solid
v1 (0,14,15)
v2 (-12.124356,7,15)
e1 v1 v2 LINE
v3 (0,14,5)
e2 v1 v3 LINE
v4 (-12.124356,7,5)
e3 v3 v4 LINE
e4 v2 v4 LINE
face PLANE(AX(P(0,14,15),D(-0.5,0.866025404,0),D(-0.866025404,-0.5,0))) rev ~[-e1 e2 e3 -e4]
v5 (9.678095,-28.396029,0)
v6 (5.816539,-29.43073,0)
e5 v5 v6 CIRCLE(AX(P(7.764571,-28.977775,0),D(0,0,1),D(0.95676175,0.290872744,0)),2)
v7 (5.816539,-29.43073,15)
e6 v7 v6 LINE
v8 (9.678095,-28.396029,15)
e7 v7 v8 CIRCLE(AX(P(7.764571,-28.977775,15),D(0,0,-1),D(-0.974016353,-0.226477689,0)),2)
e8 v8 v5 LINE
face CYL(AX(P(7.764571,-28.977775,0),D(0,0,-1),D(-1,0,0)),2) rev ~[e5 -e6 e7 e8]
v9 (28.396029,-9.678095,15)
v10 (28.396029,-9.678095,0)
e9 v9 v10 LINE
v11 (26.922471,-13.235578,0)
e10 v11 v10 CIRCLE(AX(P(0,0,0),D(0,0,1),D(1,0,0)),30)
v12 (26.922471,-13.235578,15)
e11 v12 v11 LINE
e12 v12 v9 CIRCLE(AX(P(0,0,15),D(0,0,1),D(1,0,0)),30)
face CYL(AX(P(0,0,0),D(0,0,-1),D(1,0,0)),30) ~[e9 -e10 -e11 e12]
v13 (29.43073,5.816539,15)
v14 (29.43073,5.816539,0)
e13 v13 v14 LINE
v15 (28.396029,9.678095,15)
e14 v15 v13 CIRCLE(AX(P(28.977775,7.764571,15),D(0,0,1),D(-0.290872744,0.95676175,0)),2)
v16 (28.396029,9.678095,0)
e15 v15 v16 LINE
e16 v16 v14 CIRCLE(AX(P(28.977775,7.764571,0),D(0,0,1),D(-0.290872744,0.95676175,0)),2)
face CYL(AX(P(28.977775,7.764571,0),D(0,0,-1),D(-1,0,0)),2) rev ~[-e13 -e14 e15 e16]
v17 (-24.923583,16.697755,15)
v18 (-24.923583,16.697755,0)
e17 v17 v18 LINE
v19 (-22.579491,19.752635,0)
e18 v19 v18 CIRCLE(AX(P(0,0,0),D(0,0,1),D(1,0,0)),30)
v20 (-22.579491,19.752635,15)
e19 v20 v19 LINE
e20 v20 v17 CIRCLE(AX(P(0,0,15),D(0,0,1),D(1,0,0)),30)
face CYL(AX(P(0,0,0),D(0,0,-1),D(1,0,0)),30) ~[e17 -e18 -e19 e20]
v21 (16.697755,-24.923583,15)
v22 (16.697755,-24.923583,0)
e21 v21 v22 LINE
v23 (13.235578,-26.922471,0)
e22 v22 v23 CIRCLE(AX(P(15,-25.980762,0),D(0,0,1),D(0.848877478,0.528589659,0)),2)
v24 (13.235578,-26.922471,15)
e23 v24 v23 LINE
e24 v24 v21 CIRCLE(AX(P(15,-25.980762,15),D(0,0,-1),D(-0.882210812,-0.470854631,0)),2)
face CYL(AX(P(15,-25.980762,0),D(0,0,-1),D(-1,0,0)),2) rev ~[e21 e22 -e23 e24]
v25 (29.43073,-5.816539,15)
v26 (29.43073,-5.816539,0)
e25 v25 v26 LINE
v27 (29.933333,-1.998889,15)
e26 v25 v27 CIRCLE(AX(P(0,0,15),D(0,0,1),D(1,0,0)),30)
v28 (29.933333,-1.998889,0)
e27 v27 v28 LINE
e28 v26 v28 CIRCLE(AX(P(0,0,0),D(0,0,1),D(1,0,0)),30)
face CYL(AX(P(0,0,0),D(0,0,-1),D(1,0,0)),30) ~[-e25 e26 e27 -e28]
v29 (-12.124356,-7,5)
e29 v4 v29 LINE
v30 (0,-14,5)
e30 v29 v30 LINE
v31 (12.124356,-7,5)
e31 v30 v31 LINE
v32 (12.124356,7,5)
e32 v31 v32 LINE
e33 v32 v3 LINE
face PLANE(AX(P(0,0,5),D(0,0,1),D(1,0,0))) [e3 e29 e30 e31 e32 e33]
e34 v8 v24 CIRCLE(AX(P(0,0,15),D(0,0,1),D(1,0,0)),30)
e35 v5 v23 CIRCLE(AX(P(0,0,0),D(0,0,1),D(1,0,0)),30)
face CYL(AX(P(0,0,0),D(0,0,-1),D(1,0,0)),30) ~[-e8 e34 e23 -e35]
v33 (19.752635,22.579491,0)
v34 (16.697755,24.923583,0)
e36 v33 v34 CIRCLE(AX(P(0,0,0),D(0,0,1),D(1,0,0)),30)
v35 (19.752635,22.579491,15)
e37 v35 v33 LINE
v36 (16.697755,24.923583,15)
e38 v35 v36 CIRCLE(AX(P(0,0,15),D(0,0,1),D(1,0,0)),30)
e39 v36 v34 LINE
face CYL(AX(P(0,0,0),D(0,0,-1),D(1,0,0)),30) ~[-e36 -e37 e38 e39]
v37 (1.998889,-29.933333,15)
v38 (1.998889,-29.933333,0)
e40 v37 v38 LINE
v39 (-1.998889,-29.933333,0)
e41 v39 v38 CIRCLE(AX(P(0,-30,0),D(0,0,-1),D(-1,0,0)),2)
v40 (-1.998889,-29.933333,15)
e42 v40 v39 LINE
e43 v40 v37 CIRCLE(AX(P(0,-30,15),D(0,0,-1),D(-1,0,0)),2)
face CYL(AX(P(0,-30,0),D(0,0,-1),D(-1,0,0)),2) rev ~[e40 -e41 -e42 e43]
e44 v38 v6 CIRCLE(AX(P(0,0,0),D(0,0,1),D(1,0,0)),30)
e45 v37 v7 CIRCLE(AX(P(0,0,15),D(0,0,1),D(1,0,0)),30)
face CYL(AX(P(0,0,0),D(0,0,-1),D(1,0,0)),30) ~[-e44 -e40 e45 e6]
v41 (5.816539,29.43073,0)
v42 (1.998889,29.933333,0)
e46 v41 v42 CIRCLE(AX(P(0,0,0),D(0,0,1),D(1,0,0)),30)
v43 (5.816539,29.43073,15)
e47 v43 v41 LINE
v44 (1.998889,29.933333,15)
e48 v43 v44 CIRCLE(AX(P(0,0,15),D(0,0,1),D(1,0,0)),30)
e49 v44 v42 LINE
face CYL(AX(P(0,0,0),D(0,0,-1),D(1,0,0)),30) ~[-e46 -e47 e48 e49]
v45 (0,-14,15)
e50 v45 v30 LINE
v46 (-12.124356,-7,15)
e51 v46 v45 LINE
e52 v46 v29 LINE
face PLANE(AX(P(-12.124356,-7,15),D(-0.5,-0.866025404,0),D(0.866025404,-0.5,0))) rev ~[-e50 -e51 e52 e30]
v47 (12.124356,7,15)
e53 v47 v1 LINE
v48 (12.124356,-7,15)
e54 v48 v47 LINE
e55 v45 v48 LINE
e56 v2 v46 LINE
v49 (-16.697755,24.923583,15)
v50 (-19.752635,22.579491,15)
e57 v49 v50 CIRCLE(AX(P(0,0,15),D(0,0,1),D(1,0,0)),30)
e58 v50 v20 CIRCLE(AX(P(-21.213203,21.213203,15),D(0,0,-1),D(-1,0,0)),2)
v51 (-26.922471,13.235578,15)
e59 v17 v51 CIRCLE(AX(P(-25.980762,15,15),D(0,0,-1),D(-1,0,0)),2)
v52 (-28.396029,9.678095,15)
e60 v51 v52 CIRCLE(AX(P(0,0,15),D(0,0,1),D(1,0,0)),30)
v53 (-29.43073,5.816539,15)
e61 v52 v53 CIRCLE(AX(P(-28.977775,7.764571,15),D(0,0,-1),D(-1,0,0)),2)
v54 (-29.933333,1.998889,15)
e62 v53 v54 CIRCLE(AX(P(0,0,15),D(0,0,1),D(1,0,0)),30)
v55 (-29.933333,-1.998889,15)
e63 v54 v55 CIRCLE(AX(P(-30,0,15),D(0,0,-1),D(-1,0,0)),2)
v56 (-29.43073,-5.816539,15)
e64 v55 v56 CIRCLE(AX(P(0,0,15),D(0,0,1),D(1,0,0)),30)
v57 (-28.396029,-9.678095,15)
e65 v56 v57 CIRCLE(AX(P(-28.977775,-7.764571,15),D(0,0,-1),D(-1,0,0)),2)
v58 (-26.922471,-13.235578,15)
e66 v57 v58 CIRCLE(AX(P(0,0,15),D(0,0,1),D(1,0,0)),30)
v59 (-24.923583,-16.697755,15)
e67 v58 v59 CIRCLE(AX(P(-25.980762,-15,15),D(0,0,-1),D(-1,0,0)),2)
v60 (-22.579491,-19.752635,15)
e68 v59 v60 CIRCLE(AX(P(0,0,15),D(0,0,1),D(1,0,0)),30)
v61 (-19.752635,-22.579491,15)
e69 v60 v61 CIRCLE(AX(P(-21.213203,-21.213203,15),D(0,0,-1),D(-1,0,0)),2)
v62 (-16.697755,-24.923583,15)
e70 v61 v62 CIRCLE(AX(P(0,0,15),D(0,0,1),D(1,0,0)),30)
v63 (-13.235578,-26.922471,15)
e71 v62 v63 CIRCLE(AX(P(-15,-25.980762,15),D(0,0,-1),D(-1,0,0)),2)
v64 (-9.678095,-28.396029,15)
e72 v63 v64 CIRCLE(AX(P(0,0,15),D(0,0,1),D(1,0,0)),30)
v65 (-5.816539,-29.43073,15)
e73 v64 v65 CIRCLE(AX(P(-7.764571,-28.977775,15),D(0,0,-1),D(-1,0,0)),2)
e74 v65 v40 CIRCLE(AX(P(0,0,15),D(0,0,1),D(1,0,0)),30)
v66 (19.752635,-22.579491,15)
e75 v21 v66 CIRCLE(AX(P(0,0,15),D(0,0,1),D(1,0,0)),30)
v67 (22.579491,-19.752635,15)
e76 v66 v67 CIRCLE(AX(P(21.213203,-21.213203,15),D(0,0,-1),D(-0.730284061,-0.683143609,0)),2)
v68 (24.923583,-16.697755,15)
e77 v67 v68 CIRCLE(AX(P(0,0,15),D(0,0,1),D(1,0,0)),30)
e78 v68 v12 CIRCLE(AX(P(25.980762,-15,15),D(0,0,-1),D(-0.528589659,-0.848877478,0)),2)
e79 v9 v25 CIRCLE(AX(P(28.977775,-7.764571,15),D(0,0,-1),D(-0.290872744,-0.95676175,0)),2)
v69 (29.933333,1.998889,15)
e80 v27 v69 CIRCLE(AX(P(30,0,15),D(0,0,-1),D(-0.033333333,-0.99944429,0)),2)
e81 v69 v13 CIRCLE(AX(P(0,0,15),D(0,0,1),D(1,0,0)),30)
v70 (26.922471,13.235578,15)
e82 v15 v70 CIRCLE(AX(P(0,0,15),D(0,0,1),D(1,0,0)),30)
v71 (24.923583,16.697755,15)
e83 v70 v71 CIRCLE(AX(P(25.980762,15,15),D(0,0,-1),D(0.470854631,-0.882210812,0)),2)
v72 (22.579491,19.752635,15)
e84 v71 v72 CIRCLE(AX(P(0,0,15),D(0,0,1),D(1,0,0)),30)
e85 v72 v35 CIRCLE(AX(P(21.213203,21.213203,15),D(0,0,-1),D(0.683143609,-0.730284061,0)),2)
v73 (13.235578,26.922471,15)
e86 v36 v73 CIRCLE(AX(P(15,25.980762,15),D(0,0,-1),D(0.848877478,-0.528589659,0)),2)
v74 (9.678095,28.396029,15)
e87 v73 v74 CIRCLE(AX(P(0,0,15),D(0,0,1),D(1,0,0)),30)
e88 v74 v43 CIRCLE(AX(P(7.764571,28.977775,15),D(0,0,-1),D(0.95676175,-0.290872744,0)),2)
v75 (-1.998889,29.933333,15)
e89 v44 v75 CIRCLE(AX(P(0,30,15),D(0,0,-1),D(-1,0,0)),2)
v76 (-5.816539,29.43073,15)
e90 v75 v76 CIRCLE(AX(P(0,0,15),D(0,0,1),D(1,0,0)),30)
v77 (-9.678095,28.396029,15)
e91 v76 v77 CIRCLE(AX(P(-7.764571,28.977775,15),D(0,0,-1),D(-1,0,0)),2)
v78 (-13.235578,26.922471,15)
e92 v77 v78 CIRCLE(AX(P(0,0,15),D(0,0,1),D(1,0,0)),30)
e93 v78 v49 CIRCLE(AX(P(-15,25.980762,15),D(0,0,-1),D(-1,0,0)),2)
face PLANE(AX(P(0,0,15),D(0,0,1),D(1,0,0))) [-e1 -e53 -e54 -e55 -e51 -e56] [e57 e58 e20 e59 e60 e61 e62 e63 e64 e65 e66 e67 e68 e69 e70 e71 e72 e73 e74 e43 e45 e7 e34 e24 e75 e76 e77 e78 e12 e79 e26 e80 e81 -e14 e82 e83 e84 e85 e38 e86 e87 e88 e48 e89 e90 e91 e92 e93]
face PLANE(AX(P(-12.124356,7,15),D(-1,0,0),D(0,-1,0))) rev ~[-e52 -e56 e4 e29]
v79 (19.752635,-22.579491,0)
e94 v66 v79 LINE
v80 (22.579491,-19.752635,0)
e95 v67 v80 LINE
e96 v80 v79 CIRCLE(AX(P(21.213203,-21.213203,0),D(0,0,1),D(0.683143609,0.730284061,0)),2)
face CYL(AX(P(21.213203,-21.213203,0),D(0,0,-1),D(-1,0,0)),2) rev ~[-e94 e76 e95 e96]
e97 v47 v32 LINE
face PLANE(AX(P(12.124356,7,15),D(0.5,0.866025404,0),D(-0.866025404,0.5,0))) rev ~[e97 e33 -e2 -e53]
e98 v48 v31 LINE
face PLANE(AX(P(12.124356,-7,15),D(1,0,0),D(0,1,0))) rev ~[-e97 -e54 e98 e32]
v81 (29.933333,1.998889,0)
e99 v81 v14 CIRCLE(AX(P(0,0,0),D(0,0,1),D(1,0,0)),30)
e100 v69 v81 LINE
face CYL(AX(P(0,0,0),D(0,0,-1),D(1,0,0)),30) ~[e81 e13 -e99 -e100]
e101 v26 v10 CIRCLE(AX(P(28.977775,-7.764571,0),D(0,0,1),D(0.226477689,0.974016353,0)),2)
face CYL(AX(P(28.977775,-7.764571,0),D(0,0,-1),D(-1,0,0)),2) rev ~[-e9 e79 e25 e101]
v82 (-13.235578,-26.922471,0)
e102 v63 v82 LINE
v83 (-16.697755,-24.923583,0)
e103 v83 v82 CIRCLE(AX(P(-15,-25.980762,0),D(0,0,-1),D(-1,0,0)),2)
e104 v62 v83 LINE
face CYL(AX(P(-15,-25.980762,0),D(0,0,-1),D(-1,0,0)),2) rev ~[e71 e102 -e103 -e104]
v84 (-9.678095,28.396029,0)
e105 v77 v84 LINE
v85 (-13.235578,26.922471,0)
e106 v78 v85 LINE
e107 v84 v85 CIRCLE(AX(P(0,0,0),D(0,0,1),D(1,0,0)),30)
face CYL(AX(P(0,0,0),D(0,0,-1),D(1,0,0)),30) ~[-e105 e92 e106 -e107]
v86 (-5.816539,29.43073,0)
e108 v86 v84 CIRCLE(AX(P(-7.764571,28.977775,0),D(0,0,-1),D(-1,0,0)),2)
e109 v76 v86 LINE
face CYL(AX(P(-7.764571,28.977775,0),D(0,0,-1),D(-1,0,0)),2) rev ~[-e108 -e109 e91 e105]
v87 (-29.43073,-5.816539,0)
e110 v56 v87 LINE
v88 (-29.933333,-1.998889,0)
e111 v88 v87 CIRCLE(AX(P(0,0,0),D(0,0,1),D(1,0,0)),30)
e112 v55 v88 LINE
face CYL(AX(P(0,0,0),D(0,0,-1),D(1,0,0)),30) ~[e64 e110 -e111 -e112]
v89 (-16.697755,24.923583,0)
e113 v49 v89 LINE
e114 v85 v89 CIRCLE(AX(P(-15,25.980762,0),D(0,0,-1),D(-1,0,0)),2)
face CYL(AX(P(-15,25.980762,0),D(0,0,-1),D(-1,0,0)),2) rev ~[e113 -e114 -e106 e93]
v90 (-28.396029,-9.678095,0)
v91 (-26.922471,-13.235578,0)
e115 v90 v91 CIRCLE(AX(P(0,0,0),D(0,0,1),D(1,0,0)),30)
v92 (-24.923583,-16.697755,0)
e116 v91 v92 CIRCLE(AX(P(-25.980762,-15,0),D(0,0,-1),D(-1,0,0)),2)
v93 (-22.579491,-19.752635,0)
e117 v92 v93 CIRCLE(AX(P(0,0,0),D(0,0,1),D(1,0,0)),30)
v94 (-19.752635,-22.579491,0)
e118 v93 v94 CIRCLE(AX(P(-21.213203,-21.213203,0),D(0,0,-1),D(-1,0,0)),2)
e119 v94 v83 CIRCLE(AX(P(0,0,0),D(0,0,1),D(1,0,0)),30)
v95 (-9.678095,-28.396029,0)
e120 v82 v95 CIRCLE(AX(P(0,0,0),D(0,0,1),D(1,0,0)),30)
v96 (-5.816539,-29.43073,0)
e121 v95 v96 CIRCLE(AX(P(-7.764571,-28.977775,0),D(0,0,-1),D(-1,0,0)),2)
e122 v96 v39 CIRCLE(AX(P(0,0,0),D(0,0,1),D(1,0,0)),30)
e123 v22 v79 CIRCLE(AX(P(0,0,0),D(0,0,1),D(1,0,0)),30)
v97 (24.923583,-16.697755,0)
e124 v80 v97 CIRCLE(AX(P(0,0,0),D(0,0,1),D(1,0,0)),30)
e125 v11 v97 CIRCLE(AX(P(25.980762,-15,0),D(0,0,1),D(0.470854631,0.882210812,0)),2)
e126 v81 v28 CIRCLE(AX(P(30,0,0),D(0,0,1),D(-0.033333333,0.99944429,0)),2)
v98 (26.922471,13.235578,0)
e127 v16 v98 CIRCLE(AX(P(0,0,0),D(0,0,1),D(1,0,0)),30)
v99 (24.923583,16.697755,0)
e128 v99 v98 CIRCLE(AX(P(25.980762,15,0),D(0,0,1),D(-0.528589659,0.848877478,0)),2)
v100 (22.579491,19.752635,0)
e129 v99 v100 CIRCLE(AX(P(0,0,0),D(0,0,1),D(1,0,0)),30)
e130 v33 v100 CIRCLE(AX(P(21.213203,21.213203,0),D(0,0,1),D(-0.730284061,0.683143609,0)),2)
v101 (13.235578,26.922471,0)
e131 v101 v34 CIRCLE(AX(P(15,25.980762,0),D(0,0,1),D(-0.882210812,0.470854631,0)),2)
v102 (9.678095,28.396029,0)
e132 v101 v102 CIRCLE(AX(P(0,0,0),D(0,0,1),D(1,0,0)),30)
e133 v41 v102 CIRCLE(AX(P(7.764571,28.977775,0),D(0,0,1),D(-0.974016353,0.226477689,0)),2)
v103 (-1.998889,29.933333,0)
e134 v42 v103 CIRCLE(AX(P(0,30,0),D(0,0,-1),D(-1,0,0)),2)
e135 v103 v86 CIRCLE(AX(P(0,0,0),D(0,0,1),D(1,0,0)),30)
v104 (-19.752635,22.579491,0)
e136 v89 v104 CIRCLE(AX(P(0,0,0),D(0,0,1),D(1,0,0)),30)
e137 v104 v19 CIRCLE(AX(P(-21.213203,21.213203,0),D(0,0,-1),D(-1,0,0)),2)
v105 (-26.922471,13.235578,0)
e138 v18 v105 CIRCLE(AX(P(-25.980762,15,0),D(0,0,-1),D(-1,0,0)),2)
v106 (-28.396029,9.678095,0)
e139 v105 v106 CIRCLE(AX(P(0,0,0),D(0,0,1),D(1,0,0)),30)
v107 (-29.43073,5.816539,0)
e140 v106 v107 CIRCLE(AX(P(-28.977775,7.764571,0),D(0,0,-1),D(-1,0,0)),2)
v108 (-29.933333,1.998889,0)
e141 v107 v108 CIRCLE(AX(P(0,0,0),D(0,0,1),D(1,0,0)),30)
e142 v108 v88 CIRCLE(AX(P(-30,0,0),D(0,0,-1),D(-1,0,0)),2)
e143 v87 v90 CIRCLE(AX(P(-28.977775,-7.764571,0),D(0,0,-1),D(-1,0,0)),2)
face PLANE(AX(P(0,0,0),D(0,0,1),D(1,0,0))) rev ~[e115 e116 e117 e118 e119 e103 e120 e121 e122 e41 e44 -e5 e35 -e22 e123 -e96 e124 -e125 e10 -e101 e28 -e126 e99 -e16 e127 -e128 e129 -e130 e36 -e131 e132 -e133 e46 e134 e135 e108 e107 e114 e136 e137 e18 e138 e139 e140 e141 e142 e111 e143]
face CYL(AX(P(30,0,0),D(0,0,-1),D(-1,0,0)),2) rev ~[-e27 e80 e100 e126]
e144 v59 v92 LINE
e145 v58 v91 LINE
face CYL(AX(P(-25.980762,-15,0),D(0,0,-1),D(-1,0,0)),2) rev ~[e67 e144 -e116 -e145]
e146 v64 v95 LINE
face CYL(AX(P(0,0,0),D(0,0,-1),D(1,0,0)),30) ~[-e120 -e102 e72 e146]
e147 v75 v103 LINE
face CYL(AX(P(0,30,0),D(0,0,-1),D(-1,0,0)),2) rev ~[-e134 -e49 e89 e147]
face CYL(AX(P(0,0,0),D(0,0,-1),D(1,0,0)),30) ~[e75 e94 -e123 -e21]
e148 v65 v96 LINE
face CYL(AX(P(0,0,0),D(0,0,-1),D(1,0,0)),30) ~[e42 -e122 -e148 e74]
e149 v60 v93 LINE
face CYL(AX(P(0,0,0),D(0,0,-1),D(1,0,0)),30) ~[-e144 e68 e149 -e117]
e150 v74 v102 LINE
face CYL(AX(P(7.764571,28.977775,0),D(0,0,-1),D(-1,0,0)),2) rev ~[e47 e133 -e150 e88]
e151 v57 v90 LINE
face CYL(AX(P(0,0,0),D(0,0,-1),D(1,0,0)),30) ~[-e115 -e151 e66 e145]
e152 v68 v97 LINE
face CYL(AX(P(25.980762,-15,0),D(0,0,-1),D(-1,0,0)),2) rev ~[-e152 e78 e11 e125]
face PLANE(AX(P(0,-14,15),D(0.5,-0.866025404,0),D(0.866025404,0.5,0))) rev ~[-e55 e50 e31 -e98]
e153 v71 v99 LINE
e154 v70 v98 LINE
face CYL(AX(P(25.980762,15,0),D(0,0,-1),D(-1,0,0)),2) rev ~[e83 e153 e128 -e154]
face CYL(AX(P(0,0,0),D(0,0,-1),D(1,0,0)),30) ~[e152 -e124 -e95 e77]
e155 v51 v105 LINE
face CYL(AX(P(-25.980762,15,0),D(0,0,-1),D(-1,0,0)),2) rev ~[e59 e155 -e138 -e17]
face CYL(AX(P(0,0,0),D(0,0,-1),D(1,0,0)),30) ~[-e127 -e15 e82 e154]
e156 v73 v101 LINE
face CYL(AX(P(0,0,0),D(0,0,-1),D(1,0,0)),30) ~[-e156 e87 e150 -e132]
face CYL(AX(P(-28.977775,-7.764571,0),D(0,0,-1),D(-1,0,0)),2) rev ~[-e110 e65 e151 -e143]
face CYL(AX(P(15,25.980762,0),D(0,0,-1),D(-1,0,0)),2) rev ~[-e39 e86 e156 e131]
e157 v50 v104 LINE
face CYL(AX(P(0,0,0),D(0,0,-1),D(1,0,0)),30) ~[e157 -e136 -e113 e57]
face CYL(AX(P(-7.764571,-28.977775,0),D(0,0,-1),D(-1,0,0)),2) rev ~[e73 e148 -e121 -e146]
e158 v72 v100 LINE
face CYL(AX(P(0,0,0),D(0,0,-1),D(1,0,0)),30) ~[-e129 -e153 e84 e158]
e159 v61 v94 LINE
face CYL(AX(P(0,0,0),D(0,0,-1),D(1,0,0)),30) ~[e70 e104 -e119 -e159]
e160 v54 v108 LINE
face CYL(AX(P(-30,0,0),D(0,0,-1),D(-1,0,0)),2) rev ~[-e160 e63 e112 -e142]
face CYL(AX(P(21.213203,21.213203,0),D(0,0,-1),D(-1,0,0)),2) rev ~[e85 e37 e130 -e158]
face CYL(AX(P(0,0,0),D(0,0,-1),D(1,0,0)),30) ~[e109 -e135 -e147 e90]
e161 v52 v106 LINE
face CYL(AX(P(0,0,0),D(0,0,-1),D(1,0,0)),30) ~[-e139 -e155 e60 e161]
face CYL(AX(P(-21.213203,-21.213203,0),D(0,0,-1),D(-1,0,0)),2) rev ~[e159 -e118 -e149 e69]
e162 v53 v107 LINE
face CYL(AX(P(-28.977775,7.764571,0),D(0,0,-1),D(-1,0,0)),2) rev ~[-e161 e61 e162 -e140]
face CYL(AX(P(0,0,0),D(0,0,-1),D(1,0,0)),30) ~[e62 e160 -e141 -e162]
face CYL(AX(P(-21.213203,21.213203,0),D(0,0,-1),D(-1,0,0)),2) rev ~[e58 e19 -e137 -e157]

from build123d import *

# Parameters (mm, degrees)
SKETCH1_R           = 30
BOSS_EXTRUDE1_DEPTH = 15
CUT_EXTRUDE1_DEPTH  = 10
SKETCH3_R           = 2
CUT_EXTRUDE2_DEPTH  = 46


with BuildPart() as part:
    # Sketch1 → Boss-Extrude1 (new body)
    with BuildSketch(Plane.XY):
        Circle(SKETCH1_R)
    extrude(amount=BOSS_EXTRUDE1_DEPTH)

    # Sketch2 → Cut-Extrude1 (cut)
    with BuildSketch(Plane.XY.offset(15)):
        Polygon((0, 14), (-12.124355653, 7), (-12.124355653, -7), (0, -14), (12.124355653, -7), (12.124355653, 7), align=None)
    extrude(amount=-CUT_EXTRUDE1_DEPTH, mode=Mode.SUBTRACT)

    # Sketch3 → Cut-Extrude2 (cut, through all)
    with BuildSketch(Plane(origin=(0, 0, 0), x_dir=(-1, 0, 0), z_dir=(0, 0, -1))):
        with Locations((0, 30)):
            Circle(SKETCH3_R)
        with Locations((7.764571353, 28.977774789)):
            Circle(SKETCH3_R)
        with Locations((15, 25.980762114)):
            Circle(SKETCH3_R)
        with Locations((21.213203436, 21.213203436)):
            Circle(SKETCH3_R)
        with Locations((25.980762114, 15)):
            Circle(SKETCH3_R)
        with Locations((28.977774789, 7.764571353)):
            Circle(SKETCH3_R)
        with Locations((30, 0)):
            Circle(SKETCH3_R)
        with Locations((28.977774789, -7.764571353)):
            Circle(SKETCH3_R)
        with Locations((25.980762114, -15)):
            Circle(SKETCH3_R)
        with Locations((21.213203436, -21.213203436)):
            Circle(SKETCH3_R)
        with Locations((15, -25.980762114)):
            Circle(SKETCH3_R)
        with Locations((7.764571353, -28.977774789)):
            Circle(SKETCH3_R)
        with Locations((0, -30)):
            Circle(SKETCH3_R)
        with Locations((-7.764571353, -28.977774789)):
            Circle(SKETCH3_R)
        with Locations((-15, -25.980762114)):
            Circle(SKETCH3_R)
        with Locations((-21.213203436, -21.213203436)):
            Circle(SKETCH3_R)
        with Locations((-25.980762114, -15)):
            Circle(SKETCH3_R)
        with Locations((-28.977774789, -7.764571353)):
            Circle(SKETCH3_R)
        with Locations((-30, 0)):
            Circle(SKETCH3_R)
        with Locations((-28.977774789, 7.764571353)):
            Circle(SKETCH3_R)
        with Locations((-25.980762114, 15)):
            Circle(SKETCH3_R)
        with Locations((-21.213203436, 21.213203436)):
            Circle(SKETCH3_R)
        with Locations((-15, 25.980762114)):
            Circle(SKETCH3_R)
        with Locations((-7.764571353, 28.977774789)):
            Circle(SKETCH3_R)
    extrude(amount=-CUT_EXTRUDE2_DEPTH, mode=Mode.SUBTRACT)


solid = part.part
